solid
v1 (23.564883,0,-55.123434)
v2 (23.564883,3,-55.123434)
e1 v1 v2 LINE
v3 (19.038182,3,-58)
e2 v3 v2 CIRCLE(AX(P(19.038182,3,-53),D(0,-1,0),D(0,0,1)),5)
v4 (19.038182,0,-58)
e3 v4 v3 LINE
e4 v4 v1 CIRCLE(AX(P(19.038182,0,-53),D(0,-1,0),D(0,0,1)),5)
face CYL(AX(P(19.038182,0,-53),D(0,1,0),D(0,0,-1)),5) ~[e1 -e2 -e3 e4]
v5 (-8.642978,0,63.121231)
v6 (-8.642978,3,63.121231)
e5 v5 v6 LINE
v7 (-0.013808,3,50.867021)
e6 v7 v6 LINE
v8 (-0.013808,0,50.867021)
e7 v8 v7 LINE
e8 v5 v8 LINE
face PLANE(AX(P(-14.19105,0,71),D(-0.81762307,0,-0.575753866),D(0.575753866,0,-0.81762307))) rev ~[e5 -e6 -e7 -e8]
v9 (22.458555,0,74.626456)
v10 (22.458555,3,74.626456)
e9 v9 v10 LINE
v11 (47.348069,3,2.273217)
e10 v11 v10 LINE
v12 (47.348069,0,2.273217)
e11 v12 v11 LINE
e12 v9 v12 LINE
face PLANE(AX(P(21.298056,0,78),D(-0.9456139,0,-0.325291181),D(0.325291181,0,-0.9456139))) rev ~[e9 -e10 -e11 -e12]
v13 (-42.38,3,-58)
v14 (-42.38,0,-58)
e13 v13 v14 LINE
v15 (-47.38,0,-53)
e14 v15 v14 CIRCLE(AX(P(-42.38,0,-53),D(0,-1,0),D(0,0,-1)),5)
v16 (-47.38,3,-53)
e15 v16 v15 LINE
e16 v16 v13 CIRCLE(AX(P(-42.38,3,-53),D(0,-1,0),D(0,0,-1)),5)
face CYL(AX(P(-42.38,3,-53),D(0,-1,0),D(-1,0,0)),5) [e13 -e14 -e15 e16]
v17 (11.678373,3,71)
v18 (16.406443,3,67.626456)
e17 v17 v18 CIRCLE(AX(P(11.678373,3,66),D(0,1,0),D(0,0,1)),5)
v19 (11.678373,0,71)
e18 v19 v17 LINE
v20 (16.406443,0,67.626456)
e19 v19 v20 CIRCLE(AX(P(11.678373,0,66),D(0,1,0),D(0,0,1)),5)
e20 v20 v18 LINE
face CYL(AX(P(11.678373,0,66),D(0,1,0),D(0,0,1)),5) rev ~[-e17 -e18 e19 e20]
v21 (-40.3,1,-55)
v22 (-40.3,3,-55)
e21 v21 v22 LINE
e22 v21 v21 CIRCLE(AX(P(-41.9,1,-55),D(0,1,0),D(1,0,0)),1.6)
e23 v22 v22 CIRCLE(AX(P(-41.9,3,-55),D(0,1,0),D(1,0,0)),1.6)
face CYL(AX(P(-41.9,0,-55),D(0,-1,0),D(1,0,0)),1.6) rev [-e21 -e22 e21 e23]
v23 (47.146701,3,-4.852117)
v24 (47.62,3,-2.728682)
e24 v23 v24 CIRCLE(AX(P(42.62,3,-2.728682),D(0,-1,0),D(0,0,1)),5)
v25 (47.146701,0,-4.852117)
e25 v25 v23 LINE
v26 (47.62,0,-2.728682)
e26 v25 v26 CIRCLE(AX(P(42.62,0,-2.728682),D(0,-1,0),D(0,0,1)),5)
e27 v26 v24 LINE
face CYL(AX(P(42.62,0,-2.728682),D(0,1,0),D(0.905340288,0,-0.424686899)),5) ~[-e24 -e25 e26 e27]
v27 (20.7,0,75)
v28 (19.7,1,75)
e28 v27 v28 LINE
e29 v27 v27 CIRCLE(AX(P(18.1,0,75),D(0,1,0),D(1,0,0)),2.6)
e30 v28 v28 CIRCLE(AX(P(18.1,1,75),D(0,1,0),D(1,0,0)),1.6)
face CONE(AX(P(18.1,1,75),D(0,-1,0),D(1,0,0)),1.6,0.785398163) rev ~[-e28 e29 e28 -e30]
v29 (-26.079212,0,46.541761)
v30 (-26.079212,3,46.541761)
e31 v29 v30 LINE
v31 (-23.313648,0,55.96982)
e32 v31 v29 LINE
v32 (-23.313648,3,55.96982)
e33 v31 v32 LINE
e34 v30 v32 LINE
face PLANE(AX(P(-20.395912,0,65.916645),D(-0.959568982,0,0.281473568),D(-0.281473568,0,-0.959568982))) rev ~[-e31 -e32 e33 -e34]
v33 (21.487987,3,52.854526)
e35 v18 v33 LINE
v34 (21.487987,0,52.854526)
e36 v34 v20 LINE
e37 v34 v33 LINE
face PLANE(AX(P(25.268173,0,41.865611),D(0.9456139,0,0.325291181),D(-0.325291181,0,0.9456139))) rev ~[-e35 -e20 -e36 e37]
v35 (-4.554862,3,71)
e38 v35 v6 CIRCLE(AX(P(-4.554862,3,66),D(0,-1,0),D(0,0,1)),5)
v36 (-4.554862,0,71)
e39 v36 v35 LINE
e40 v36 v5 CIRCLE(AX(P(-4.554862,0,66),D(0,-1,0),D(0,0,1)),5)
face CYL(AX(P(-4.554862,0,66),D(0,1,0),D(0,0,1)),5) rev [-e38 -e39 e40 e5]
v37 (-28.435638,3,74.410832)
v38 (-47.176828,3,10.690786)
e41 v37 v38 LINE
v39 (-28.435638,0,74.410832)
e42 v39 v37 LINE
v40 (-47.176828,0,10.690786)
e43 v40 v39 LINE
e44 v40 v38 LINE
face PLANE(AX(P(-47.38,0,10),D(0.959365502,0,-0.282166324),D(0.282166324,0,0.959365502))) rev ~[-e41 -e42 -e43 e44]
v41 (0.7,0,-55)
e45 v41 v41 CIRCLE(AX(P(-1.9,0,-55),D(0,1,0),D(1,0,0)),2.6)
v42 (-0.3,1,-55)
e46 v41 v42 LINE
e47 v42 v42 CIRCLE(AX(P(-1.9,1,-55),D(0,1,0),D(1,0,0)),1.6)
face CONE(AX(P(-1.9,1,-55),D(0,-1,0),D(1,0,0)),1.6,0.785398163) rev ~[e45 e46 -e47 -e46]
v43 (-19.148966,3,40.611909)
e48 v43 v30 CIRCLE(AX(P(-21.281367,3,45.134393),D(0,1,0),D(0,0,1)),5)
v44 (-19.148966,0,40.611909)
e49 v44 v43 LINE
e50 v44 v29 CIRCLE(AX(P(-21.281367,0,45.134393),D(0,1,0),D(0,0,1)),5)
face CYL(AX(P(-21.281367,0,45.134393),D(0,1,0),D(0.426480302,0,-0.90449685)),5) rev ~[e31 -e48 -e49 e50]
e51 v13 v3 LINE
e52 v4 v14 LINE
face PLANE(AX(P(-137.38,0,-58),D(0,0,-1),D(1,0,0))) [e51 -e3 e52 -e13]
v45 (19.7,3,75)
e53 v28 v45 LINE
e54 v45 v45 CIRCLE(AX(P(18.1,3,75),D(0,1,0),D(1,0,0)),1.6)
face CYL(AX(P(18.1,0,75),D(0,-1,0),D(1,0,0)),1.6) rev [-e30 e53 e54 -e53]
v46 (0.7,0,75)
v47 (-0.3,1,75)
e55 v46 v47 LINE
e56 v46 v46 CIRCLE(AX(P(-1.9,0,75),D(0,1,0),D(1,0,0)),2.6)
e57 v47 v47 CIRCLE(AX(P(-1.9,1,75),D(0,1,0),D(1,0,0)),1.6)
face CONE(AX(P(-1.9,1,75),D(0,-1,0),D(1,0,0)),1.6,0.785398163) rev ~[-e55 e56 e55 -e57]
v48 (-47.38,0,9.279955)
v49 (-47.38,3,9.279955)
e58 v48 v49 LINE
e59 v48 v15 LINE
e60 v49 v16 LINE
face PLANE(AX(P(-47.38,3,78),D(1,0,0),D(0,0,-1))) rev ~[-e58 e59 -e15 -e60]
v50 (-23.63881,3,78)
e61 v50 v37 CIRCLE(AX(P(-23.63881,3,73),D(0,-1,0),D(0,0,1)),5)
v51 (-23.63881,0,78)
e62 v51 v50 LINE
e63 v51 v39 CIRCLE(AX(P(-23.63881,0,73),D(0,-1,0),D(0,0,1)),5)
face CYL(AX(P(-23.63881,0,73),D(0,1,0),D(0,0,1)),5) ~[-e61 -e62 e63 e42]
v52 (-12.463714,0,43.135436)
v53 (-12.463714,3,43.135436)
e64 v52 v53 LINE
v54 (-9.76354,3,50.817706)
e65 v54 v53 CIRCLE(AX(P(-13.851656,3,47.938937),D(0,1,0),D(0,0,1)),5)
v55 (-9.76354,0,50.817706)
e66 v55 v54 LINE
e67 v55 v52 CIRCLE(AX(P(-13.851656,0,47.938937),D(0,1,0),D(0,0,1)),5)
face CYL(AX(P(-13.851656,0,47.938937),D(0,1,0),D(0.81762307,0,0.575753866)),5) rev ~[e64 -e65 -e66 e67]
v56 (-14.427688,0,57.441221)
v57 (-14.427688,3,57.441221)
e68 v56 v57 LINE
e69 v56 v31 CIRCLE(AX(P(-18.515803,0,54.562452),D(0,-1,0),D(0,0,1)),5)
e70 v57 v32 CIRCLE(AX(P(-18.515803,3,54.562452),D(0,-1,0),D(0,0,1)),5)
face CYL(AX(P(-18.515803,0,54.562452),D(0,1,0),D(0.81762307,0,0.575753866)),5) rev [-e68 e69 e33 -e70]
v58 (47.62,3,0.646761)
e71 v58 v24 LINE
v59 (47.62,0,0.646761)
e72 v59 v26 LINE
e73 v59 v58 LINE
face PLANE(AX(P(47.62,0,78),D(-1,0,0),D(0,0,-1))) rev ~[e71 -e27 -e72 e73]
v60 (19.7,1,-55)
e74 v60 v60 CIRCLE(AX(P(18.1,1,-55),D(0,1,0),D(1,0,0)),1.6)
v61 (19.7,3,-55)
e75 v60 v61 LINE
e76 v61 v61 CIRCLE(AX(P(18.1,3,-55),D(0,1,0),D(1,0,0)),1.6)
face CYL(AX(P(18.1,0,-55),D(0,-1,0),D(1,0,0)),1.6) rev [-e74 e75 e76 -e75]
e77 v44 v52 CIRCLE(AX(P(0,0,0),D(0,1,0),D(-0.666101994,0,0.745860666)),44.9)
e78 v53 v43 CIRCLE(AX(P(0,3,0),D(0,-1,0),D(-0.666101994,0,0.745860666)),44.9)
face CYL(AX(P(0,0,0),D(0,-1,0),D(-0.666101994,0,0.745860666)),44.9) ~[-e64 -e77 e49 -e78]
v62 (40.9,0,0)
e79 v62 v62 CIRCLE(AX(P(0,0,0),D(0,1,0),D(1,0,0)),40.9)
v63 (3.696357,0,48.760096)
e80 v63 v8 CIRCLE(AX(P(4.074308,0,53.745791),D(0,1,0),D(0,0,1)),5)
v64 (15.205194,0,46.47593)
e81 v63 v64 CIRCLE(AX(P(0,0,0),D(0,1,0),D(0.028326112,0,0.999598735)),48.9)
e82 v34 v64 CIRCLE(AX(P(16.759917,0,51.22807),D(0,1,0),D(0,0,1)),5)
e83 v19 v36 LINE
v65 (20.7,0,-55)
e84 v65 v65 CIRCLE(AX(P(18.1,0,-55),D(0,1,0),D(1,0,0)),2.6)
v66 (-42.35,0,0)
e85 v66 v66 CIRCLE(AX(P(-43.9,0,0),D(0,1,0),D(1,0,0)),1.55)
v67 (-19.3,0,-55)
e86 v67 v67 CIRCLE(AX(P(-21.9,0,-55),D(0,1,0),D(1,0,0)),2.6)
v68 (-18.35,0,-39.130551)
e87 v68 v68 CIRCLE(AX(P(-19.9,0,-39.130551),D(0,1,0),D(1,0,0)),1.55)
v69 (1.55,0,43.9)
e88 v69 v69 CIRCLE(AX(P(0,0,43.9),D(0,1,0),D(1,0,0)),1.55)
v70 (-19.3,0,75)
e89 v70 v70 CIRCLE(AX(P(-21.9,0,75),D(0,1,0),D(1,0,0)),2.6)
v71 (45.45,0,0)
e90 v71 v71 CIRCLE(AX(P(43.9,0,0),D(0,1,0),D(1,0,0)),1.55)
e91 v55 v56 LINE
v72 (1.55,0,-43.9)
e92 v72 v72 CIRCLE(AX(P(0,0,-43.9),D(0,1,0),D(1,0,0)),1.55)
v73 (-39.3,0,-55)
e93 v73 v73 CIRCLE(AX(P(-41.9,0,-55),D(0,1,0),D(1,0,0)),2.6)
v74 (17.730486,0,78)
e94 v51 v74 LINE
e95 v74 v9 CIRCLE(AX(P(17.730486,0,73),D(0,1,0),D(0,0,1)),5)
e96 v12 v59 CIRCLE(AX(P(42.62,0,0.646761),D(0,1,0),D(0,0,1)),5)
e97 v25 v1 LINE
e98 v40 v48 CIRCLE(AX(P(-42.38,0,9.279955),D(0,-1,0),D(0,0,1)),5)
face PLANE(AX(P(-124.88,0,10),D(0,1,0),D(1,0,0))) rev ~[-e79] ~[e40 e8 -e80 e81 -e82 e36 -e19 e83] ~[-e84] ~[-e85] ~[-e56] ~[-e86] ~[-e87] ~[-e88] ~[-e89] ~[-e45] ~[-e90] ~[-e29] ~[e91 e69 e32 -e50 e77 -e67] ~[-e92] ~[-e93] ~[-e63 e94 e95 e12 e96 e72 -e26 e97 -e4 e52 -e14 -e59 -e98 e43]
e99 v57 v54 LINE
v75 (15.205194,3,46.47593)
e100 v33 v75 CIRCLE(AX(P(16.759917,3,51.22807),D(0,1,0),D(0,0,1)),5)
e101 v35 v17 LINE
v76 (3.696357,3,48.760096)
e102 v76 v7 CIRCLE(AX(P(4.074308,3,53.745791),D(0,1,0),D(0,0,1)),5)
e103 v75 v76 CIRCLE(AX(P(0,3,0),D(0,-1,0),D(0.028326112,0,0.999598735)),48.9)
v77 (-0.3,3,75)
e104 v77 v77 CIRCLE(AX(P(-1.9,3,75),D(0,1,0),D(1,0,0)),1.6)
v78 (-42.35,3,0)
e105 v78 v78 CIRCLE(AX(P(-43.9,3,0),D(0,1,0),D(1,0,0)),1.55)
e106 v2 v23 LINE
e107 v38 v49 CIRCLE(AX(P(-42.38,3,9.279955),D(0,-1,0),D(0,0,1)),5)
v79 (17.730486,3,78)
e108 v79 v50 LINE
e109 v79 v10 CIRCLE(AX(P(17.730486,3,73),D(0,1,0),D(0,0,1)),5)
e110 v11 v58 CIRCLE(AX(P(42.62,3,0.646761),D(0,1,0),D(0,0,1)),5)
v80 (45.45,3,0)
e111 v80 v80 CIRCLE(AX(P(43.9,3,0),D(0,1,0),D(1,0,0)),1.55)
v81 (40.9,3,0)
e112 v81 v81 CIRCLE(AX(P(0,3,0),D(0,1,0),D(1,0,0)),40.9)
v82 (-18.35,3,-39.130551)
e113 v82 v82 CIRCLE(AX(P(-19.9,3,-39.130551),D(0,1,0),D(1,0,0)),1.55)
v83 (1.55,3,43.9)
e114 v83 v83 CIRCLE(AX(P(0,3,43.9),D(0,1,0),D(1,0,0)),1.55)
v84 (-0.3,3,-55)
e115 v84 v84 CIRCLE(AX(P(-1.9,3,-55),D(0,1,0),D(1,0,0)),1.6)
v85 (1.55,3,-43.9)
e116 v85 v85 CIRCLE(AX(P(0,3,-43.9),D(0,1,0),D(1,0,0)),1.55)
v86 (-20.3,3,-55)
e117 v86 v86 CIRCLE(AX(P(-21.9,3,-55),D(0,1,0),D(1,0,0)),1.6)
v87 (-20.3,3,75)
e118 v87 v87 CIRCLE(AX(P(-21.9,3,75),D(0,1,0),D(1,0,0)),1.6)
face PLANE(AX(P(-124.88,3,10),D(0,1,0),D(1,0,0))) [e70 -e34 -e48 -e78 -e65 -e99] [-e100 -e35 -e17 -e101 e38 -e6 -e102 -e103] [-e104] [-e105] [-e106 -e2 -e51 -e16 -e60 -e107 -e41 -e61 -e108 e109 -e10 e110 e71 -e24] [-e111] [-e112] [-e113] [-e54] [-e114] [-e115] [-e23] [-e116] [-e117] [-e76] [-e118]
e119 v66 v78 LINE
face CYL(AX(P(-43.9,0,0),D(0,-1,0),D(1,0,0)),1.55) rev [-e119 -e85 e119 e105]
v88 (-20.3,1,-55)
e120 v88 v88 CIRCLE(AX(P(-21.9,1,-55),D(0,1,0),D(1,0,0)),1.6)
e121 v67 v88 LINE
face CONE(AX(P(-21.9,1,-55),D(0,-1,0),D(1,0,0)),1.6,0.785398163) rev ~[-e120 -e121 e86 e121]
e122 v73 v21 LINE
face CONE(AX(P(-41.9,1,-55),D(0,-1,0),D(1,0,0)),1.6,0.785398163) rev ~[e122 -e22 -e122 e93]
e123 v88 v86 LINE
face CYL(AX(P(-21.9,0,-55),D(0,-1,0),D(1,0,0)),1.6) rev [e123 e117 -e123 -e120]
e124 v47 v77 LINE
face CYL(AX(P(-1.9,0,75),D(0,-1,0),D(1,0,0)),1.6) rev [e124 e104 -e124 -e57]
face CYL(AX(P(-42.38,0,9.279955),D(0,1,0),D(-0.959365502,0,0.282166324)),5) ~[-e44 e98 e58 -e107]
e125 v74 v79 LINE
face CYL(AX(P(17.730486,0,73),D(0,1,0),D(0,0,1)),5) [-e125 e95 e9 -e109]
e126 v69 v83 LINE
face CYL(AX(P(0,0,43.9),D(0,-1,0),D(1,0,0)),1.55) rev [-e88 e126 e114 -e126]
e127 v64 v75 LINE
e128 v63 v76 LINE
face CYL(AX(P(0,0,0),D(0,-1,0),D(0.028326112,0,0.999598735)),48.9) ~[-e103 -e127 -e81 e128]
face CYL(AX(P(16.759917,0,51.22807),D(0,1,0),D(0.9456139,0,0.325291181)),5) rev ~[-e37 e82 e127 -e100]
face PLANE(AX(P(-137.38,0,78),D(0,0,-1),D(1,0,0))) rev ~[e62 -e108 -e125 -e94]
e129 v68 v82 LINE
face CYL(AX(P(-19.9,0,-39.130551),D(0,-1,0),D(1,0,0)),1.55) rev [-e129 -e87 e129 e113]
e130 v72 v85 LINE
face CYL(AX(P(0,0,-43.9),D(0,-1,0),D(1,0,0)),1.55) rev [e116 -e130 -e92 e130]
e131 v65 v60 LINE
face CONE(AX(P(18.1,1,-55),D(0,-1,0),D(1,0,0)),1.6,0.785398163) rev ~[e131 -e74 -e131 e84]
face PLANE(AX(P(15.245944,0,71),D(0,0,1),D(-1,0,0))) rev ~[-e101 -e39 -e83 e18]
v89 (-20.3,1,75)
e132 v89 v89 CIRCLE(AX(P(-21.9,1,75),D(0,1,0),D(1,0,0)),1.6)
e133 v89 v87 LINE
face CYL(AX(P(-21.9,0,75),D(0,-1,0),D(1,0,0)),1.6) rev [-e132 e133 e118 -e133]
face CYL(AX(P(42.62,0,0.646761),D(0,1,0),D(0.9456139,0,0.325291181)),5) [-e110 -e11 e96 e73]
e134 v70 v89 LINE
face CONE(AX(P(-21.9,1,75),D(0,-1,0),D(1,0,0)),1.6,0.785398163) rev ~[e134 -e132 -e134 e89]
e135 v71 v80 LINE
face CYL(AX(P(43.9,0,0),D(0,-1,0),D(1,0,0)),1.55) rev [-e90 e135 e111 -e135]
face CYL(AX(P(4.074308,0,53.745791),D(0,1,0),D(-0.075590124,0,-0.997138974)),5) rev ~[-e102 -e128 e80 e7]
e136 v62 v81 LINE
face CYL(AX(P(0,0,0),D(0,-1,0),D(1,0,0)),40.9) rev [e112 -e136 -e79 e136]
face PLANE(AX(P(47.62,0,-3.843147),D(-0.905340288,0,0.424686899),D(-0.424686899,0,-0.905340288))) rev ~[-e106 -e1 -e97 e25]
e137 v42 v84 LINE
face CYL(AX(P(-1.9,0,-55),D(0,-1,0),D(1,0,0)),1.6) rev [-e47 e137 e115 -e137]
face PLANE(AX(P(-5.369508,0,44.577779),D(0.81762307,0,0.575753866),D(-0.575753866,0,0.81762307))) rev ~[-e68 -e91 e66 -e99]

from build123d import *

# Parameters (mm, degrees)
SKETCH_1_W          = 160
SKETCH_1_H          = 136
SKETCH_1_R          = 40.9
SKETCH_1_R_2        = 1.55
SKETCH_1_R_3        = 1.6
EXTRUDE_1_DEPTH     = 3
SKETCH_2_W          = 25
SKETCH_2_H          = 136
EXTRUDE_2_DEPTH     = 3
SKETCH_3_W          = 90
SKETCH_3_H          = 136
CUT_EXTRUDE_1_DEPTH = 4
CUT_EXTRUDE_3_DEPTH = 4
FILLET_1_R          = 5
FILLET_2_R          = 5
CHAMFER_1_SIZE      = 1


with BuildPart() as part:
    # 草图1 → 凸台-拉伸1 (new body)
    with BuildSketch(Plane(origin=(0, 0, 0), x_dir=(1, 0, 0), z_dir=(0, 1, 0))):
        with Locations((-32.38, -10)):
            Rectangle(SKETCH_1_W, SKETCH_1_H)
        Circle(SKETCH_1_R, mode=Mode.SUBTRACT)
        with Locations((0, 43.9)):
            Circle(SKETCH_1_R_2, mode=Mode.SUBTRACT)
        with Locations((43.9, 0)):
            Circle(SKETCH_1_R_2, mode=Mode.SUBTRACT)
        with Locations((0, -43.9)):
            Circle(SKETCH_1_R_2, mode=Mode.SUBTRACT)
        with Locations((-43.9, 0)):
            Circle(SKETCH_1_R_2, mode=Mode.SUBTRACT)
        with Locations((-19.9, 39.130550724)):
            Circle(SKETCH_1_R_2, mode=Mode.SUBTRACT)
        with Locations((18.1, 55)):
            Circle(SKETCH_1_R_3, mode=Mode.SUBTRACT)
        with Locations((-1.9, 55)):
            Circle(SKETCH_1_R_3, mode=Mode.SUBTRACT)
        with Locations((-21.9, 55)):
            Circle(SKETCH_1_R_3, mode=Mode.SUBTRACT)
        with Locations((-41.9, 55)):
            Circle(SKETCH_1_R_3, mode=Mode.SUBTRACT)
        with Locations((18.1, -75)):
            Circle(SKETCH_1_R_3, mode=Mode.SUBTRACT)
        with Locations((-1.9, -75)):
            Circle(SKETCH_1_R_3, mode=Mode.SUBTRACT)
        with Locations((-21.9, -75)):
            Circle(SKETCH_1_R_3, mode=Mode.SUBTRACT)
        with Locations((-41.9, -75)):
            Circle(SKETCH_1_R_3, mode=Mode.SUBTRACT)
    extrude(amount=EXTRUDE_1_DEPTH)

    # 草图2 → 凸台-拉伸2 (add)
    with BuildSketch(Plane(origin=(0, 0, 0), x_dir=(1, 0, 0), z_dir=(0, 1, 0))):
        with Locations((-124.88, -10)):
            Rectangle(SKETCH_2_W, SKETCH_2_H)
    extrude(amount=EXTRUDE_2_DEPTH)

    # 草图3 → 切除-拉伸1 (cut, through all)
    with BuildSketch(Plane(origin=(0, 3, 0), x_dir=(1, 0, 0), z_dir=(0, 1, 0))):
        with Locations((-92.38, -10)):
            Rectangle(SKETCH_3_W, SKETCH_3_H)
    extrude(amount=-CUT_EXTRUDE_1_DEPTH, mode=Mode.SUBTRACT)

    # 草图4 → 切除-拉伸3 (cut, through all)
    with BuildSketch(Plane(origin=(0, 0, 0), x_dir=(1, 0, 0), z_dir=(0, 1, 0))):
        Polygon((47.62, 58), (47.62, 3.843146871), (22.215512532, 58), align=None)
        Polygon((47.62, -1.482721699), (47.62, -78), (21.298056264, -78), align=None)
        with BuildLine():
            Line((-20.395912494, -65.916645202), (-29.90797954, -33.48914391))
            ThreePointArc((-29.90797954, -33.48914391), (-18.489584756, -40.916320162), (-5.369508319, -44.577778998))
            Line((-5.369508319, -44.577778998), (-20.395912494, -65.916645202))
        make_face()
        with BuildLine():
            Line((-14.191049882, -71), (1.385146854, -48.880378151))
            ThreePointArc((1.385146854, -48.880378151), (13.780479279, -46.918103018), (25.268173443, -41.865611316))
            Line((25.268173443, -41.865611316), (15.245943736, -71))
            Line((15.245943736, -71), (-14.191049882, -71))
        make_face()
        Polygon((-47.38, -78), (-47.38, -26), (-47.38, -10), (-27.38, -78), align=None)
    extrude(amount=CUT_EXTRUDE_3_DEPTH, mode=Mode.SUBTRACT)

    # 圆角1
    fillet_1_edges = [part.edges().sort_by_distance(p)[0] for p in [
        (22.215512532, 1.5, -58),
        (47.62, 1.5, -3.843146871),
        (-27.38, 1.5, 78),
        (-47.38, 1.5, 10),
        (47.62, 1.5, 1.482721699),
        (21.298056264, 1.5, 78),
        (-47.38, 1.5, -58),
    ]]
    fillet(fillet_1_edges, radius=FILLET_1_R)

    # 圆角2
    fillet_2_edges = [part.edges().sort_by_distance(p)[0] for p in [
        (-14.191049882, 1.5, 71),
        (15.245943736, 1.5, 71),
        (25.268173443, 1.5, 41.865611316),
        (1.385146854, 1.5, 48.880378151),
        (-5.369508319, 1.5, 44.577778998),
        (-29.90797954, 1.5, 33.48914391),
        (-20.395912494, 1.5, 65.916645202),
    ]]
    fillet(fillet_2_edges, radius=FILLET_2_R)

    # 倒角1
    chamfer_1_edges = [part.edges().sort_by_distance(p)[0] for p in [
        (16.5, 0, -55),
        (-3.5, 0, -55),
        (-23.5, 0, -55),
        (-43.5, 0, -55),
        (16.5, 0, 75),
        (-3.5, 0, 75),
        (-23.5, 0, 75),
    ]]
    chamfer(chamfer_1_edges, length=CHAMFER_1_SIZE)


solid = part.part
